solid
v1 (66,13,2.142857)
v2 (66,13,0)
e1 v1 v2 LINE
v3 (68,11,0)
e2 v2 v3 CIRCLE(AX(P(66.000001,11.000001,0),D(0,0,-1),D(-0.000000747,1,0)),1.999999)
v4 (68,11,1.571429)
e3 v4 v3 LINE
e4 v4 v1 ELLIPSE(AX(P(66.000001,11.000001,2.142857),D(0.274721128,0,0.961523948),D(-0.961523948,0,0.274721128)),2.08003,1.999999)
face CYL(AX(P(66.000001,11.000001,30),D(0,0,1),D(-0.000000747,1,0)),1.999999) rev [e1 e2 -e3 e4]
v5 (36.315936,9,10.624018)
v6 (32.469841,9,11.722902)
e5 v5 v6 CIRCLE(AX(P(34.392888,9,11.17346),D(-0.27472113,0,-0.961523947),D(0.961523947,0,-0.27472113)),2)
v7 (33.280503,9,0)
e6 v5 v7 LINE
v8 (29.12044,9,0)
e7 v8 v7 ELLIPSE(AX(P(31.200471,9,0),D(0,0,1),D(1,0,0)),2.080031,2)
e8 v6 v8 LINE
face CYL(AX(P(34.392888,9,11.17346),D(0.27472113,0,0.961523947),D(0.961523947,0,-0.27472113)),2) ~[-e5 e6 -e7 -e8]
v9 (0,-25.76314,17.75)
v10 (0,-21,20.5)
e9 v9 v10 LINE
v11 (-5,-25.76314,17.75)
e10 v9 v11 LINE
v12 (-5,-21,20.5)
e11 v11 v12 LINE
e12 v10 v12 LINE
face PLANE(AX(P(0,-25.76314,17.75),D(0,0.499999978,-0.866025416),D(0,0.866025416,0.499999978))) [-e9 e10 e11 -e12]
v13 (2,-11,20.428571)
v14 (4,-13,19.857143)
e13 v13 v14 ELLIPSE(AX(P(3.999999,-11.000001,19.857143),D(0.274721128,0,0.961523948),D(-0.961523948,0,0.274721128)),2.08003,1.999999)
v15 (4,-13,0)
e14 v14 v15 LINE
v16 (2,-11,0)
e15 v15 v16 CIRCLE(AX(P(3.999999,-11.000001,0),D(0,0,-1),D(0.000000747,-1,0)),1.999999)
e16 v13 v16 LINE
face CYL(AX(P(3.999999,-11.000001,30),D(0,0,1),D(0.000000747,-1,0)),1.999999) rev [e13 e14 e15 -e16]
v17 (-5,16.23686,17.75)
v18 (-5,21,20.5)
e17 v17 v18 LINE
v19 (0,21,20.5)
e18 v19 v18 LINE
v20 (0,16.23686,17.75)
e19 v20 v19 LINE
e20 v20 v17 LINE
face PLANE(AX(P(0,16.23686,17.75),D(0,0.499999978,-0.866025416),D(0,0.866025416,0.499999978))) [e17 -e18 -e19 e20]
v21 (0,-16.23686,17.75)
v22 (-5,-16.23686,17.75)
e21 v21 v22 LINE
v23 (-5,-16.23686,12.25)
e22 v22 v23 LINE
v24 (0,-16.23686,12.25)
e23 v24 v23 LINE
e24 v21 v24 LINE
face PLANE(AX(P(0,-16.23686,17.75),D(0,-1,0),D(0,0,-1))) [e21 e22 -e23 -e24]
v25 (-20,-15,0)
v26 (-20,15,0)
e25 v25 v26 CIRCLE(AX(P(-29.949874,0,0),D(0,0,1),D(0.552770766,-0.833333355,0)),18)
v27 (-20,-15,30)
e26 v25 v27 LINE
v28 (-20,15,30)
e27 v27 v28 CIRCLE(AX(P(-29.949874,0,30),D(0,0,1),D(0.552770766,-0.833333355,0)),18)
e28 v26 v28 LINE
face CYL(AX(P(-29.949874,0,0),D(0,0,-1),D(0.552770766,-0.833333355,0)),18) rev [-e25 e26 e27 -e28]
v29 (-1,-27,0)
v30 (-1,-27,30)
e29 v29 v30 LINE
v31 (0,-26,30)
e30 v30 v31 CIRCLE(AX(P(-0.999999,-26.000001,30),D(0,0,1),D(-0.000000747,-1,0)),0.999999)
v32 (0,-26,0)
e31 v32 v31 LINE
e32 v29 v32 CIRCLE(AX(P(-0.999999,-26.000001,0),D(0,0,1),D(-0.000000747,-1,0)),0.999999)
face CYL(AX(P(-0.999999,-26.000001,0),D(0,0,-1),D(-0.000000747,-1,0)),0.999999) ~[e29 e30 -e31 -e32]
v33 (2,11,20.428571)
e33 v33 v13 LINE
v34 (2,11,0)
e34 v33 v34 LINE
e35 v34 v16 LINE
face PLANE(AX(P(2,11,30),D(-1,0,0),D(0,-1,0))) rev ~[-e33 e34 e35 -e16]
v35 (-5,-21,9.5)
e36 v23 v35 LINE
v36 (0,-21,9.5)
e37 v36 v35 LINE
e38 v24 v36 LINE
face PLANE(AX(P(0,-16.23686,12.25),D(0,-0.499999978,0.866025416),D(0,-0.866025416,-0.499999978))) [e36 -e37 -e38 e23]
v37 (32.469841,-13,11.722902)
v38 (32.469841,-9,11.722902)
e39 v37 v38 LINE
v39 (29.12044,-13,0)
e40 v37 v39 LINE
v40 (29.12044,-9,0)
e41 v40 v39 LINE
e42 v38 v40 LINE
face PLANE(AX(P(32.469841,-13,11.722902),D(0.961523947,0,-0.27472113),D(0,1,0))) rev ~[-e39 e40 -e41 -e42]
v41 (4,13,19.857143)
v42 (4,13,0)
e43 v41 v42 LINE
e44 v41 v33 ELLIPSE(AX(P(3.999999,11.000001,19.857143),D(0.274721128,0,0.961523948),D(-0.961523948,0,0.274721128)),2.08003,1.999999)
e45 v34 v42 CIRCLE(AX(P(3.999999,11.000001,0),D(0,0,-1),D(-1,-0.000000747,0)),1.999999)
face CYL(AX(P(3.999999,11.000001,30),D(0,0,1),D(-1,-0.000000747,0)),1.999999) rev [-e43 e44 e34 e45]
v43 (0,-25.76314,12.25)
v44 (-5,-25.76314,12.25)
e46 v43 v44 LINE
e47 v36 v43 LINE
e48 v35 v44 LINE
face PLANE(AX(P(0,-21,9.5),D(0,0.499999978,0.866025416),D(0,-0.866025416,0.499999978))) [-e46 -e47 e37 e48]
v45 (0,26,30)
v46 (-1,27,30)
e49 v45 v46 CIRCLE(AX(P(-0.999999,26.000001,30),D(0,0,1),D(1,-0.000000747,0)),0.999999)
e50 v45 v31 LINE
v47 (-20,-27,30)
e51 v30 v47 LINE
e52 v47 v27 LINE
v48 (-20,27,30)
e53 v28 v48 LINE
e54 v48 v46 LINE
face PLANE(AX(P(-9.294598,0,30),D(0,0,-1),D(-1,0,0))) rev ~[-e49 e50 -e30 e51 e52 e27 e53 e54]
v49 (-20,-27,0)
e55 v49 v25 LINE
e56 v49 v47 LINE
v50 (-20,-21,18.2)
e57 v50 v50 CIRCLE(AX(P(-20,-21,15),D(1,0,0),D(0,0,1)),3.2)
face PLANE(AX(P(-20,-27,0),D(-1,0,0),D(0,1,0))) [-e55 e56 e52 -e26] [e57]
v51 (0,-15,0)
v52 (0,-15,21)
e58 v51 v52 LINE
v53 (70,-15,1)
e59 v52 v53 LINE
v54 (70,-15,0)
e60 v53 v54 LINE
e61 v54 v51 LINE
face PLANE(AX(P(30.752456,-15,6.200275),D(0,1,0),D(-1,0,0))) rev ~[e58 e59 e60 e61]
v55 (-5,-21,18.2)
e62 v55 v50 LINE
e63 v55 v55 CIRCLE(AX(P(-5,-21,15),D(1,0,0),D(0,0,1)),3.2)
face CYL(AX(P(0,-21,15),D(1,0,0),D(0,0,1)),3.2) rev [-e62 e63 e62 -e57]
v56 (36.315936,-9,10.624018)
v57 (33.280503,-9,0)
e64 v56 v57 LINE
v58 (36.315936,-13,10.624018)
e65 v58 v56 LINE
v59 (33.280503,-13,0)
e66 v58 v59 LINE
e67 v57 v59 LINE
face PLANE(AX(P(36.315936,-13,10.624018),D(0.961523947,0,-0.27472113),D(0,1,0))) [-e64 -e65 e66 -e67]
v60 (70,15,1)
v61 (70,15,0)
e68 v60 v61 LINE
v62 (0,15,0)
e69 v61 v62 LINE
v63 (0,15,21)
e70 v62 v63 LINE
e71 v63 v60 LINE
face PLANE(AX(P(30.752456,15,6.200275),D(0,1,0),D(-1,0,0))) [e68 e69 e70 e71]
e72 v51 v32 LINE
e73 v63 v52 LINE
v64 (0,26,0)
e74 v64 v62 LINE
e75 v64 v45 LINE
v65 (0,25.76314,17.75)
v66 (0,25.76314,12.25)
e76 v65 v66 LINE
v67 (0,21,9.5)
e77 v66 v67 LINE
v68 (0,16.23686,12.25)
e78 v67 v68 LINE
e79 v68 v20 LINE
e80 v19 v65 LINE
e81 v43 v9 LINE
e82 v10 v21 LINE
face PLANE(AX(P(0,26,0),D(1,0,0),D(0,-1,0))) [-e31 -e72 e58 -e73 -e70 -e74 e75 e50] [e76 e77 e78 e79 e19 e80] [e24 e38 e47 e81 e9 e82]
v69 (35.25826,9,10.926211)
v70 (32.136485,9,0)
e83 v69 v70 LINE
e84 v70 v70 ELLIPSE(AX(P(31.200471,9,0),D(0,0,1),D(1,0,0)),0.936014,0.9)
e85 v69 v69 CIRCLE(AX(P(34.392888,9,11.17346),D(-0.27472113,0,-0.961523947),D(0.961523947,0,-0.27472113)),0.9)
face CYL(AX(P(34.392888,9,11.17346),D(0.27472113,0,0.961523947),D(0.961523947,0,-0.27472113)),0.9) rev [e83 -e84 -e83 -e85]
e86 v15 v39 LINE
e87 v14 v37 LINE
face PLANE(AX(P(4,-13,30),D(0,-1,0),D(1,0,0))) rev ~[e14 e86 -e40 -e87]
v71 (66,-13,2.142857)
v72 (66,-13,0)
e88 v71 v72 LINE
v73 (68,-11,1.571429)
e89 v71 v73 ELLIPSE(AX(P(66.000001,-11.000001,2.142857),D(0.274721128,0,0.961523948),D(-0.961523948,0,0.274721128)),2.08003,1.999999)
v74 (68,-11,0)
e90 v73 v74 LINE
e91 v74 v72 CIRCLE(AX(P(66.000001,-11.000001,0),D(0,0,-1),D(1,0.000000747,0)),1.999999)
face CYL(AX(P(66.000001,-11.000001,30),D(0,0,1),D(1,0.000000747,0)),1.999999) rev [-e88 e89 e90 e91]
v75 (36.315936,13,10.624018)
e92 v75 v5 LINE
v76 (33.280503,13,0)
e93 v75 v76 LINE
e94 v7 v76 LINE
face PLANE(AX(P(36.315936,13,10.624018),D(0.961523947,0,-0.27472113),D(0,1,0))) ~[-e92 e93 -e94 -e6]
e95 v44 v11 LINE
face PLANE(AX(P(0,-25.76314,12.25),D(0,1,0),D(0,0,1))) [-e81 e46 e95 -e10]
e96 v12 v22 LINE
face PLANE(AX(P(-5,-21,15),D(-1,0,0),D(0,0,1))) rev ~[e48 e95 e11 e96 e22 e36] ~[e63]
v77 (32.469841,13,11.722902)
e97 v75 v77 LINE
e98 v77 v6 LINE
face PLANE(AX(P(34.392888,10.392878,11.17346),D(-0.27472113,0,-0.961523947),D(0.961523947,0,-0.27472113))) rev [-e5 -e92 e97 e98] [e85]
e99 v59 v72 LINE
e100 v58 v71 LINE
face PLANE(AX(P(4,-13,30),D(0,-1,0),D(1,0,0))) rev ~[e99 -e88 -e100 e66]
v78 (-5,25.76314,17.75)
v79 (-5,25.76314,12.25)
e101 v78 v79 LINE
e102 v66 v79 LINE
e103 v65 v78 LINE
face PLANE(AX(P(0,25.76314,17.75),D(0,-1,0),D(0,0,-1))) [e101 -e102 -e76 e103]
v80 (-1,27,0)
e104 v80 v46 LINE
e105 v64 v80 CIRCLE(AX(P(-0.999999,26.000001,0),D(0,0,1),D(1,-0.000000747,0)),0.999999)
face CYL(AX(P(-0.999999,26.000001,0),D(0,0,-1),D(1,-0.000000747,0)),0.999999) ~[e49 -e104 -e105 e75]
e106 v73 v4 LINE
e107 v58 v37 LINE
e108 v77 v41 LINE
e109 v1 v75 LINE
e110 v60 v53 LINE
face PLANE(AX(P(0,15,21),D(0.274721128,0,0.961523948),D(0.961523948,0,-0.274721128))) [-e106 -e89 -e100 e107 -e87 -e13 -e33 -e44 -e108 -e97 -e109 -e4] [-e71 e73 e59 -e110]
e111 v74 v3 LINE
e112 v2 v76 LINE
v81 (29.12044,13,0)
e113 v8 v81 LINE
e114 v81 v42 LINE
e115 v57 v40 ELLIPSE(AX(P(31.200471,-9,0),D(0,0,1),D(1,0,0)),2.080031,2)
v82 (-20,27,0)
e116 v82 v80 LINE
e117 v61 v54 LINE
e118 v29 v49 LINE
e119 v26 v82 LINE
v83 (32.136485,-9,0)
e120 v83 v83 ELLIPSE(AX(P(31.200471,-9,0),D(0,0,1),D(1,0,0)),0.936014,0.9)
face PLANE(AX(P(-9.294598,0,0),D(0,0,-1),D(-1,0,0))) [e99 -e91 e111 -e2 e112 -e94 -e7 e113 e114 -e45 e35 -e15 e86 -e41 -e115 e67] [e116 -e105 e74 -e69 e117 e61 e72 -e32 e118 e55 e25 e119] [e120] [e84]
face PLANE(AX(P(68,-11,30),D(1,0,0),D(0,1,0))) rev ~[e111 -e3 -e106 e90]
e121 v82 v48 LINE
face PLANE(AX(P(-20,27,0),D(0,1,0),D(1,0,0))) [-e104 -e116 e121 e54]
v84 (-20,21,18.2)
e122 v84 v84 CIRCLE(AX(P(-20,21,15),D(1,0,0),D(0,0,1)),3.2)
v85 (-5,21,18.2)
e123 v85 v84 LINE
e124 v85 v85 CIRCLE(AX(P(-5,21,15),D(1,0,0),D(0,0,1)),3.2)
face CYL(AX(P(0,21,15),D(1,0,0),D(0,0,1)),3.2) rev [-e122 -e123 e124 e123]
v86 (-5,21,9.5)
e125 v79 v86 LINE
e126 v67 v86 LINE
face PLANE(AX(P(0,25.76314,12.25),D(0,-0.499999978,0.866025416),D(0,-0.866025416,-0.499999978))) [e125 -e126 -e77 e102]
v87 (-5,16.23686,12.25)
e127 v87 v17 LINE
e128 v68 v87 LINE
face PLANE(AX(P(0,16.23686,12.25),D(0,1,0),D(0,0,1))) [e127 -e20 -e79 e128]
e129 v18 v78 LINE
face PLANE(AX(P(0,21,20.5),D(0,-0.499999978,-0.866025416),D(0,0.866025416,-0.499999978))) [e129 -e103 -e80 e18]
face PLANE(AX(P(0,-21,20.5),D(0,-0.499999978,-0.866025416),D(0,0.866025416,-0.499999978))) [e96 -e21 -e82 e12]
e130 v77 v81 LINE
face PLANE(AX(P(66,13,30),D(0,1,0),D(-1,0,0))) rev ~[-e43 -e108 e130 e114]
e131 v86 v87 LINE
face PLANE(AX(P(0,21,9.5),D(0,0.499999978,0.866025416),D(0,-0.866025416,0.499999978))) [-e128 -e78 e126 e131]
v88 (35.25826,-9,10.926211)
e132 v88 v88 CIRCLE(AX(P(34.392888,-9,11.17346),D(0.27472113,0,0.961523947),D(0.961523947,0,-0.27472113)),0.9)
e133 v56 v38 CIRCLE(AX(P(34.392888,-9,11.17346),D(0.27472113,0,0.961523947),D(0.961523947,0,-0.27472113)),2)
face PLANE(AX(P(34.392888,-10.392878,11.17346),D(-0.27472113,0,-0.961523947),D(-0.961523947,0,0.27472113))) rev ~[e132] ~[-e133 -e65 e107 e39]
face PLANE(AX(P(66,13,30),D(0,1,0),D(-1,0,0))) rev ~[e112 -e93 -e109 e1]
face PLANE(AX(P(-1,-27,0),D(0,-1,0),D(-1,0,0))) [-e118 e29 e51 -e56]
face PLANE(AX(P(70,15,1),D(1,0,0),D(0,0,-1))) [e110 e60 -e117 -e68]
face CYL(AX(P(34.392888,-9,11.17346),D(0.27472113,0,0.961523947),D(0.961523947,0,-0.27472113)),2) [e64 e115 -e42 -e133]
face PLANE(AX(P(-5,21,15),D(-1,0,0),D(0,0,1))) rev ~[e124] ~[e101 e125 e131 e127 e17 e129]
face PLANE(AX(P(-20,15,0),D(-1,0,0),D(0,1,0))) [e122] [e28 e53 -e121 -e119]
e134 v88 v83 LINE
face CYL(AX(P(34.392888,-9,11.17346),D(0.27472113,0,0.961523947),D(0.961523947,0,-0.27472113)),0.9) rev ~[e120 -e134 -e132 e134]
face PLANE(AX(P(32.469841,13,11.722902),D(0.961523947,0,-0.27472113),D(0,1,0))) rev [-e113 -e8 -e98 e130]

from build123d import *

# Parameters (mm, degrees)
PRISM_DEPTH                         = 5
CYLINDER_R                          = 3.2
CYLINDER_DEPTH                      = 30
FUSION_PLACEMENT_ANGLE              = 90
EXTRUDE002_DEPTH                    = 30
BOX_W                               = 80
BOX_H                               = 40
BOX_DEPTH                           = 10
SKETCH_AS_DRAWN_R                   = 0.9
EXTRUDE_DEPTH                       = 15
EXTRUDE_ONTO_SKETCH_PLACEMENT_ANGLE = 15.945396
EXTRUDE004_DEPTH                    = 30
EXTRUDE003_DEPTH                    = 30


with BuildPart() as prisma:
    # Prism → Prism (new body)
    with BuildSketch(Plane.XY):
        Polygon((5.5, 0), (2.75, 4.76314), (-2.75, 4.76314), (-5.5, 0), (-2.75, -4.76314), (2.75, -4.76314), align=None)
    extrude(amount=PRISM_DEPTH)


with BuildPart() as ausschnitt_m6_schraube:
    # Cylinder → Cylinder (new body)
    with BuildSketch(Plane.XY):
        Circle(CYLINDER_R)
    extrude(amount=CYLINDER_DEPTH)

    # Fusion: union Prisma
    add(prisma.part)


with BuildPart() as ausschnitt_m6_schraube_1:
    # Fusion placement: moved
    add(ausschnitt_m6_schraube.part.moved(Location((0, -21, 15))).rotate(Axis((0, -21, 15), (0, -1, 0)), FUSION_PLACEMENT_ANGLE))


with BuildPart() as ausschnitt_m6_schraube001:
    # Clone base: copy of Ausschnitt_M6_Schraube
    add(ausschnitt_m6_schraube_1.part)


with BuildPart() as ausschnitt_m6_schraube001_1:
    # Clone placement: moved
    add(ausschnitt_m6_schraube001.part.moved(Location((0, 42, 0))))


with BuildPart() as ausschnitte:
    # Fusion001 base: copy of Ausschnitt_M6_Schraube
    add(ausschnitt_m6_schraube_1.part)

    # Fusion001: union Ausschnitt_M6_Schraube001
    add(ausschnitt_m6_schraube001_1.part)


with BuildPart() as solar_mastbefestigung1:
    # Sketch002 → Extrude002 (new body)
    with BuildSketch(Plane.XY):
        with BuildLine():
            Line((-20, 27), (-1, 27))
            ThreePointArc((0, 26), (-0.292893, 26.707107), (-1, 27))
            Line((0, 26), (0, -26))
            ThreePointArc((-1, -27), (-0.292893, -26.707107), (0, -26))
            Line((-1, -27), (-20, -27))
            Line((-20, -27), (-20, -15))
            ThreePointArc((-20, -15), (-11.949874, 0), (-20, 15))
            Line((-20, 15), (-20, 27))
        make_face()
    extrude(amount=EXTRUDE002_DEPTH)


with BuildPart() as abschneider:
    # Box → Box (new body)
    with BuildSketch(Plane(origin=(0, -35, -10), x_dir=(1, 0, 0), z_dir=(0, 0, 1))):
        with Locations((40, 20)):
            Rectangle(BOX_W, BOX_H)
    extrude(amount=BOX_DEPTH)


with BuildPart() as schraubenbolzen1:
    # Sketch as drawn → Extrude (new)
    with BuildSketch(Plane.XY):
        with BuildLine():
            Line((32, -28), (28, -28))
            Line((28, -28), (28, -24))
            ThreePointArc((32, -24), (30, -22), (28, -24))
            Line((32, -28), (32, -24))
        make_face()
        with Locations((30, -24)):
            Circle(SKETCH_AS_DRAWN_R, mode=Mode.SUBTRACT)
    extrude(amount=-EXTRUDE_DEPTH)


with BuildPart() as schraubenbolzen1_1:
    # Extrude onto Sketch placement: moved
    add(schraubenbolzen1.part.moved(Location((5.54717, 0, 19.415094))).rotate(Axis((5.54717, 0, 19.415094), (0, 1, 0)), EXTRUDE_ONTO_SKETCH_PLACEMENT_ANGLE))


with BuildPart() as cut:
    # Part__Mirroring: instance of Schraubenbolzen1
    add(schraubenbolzen1_1.part.mirror(Plane(origin=(0, 0, 0), x_dir=(1, 0, 0), z_dir=(0, 1, 0))))


with BuildPart() as cut_1:
    # Part__Mirroring placement: moved
    add(cut.part.moved(Location((0, -30, 0))))

    # Fusion002: union Schraubenbolzen1
    add(schraubenbolzen1_1.part)

    # Cut: cut Abschneider
    add(abschneider.part, mode=Mode.SUBTRACT)


with BuildPart() as keil2_ausschnitt:
    # Sketch004 → Extrude004 (new body)
    with BuildSketch(Plane(origin=(0, 0, 0), x_dir=(1, 0, 0), z_dir=(0, 0, -1))):
        with BuildLine():
            Line((4, 28), (66, 28))
            ThreePointArc((68, 26), (67.414214, 27.414214), (66, 28))
            Line((68, 26), (68, 4))
            ThreePointArc((66, 2), (67.414214, 2.585786), (68, 4))
            Line((66, 2), (4, 2))
            ThreePointArc((2, 4), (2.585786, 2.585786), (4, 2))
            Line((2, 4), (2, 26))
            ThreePointArc((4, 28), (2.585786, 27.414214), (2, 26))
        make_face()
    extrude(amount=EXTRUDE004_DEPTH)


with BuildPart() as keil2_ausschnitt_1:
    # Extrude004 placement: moved
    add(keil2_ausschnitt.part.moved(Location((0, 0, 30))))


with BuildPart() as solar_halter:
    # Sketch003 → Extrude003 (new body)
    with BuildSketch(Plane.XZ):
        Polygon((0, 0), (0, 21), (70, 1), (70, 0), align=None)
    extrude(amount=EXTRUDE003_DEPTH)

    # Cut001: cut Keil2_Ausschnitt
    add(keil2_ausschnitt_1.part, mode=Mode.SUBTRACT)

    # Fusion003: union Cut
    add(cut_1.part)


with BuildPart() as solar_halter_1:
    # Fusion003 placement: moved
    add(solar_halter.part.moved(Location((0, 15, 0))))

    # Fusion004: union solar_mastbefestigung1
    add(solar_mastbefestigung1.part)

    # Cut002: cut Ausschnitte
    add(ausschnitte.part, mode=Mode.SUBTRACT)


solid = solar_halter_1.part
